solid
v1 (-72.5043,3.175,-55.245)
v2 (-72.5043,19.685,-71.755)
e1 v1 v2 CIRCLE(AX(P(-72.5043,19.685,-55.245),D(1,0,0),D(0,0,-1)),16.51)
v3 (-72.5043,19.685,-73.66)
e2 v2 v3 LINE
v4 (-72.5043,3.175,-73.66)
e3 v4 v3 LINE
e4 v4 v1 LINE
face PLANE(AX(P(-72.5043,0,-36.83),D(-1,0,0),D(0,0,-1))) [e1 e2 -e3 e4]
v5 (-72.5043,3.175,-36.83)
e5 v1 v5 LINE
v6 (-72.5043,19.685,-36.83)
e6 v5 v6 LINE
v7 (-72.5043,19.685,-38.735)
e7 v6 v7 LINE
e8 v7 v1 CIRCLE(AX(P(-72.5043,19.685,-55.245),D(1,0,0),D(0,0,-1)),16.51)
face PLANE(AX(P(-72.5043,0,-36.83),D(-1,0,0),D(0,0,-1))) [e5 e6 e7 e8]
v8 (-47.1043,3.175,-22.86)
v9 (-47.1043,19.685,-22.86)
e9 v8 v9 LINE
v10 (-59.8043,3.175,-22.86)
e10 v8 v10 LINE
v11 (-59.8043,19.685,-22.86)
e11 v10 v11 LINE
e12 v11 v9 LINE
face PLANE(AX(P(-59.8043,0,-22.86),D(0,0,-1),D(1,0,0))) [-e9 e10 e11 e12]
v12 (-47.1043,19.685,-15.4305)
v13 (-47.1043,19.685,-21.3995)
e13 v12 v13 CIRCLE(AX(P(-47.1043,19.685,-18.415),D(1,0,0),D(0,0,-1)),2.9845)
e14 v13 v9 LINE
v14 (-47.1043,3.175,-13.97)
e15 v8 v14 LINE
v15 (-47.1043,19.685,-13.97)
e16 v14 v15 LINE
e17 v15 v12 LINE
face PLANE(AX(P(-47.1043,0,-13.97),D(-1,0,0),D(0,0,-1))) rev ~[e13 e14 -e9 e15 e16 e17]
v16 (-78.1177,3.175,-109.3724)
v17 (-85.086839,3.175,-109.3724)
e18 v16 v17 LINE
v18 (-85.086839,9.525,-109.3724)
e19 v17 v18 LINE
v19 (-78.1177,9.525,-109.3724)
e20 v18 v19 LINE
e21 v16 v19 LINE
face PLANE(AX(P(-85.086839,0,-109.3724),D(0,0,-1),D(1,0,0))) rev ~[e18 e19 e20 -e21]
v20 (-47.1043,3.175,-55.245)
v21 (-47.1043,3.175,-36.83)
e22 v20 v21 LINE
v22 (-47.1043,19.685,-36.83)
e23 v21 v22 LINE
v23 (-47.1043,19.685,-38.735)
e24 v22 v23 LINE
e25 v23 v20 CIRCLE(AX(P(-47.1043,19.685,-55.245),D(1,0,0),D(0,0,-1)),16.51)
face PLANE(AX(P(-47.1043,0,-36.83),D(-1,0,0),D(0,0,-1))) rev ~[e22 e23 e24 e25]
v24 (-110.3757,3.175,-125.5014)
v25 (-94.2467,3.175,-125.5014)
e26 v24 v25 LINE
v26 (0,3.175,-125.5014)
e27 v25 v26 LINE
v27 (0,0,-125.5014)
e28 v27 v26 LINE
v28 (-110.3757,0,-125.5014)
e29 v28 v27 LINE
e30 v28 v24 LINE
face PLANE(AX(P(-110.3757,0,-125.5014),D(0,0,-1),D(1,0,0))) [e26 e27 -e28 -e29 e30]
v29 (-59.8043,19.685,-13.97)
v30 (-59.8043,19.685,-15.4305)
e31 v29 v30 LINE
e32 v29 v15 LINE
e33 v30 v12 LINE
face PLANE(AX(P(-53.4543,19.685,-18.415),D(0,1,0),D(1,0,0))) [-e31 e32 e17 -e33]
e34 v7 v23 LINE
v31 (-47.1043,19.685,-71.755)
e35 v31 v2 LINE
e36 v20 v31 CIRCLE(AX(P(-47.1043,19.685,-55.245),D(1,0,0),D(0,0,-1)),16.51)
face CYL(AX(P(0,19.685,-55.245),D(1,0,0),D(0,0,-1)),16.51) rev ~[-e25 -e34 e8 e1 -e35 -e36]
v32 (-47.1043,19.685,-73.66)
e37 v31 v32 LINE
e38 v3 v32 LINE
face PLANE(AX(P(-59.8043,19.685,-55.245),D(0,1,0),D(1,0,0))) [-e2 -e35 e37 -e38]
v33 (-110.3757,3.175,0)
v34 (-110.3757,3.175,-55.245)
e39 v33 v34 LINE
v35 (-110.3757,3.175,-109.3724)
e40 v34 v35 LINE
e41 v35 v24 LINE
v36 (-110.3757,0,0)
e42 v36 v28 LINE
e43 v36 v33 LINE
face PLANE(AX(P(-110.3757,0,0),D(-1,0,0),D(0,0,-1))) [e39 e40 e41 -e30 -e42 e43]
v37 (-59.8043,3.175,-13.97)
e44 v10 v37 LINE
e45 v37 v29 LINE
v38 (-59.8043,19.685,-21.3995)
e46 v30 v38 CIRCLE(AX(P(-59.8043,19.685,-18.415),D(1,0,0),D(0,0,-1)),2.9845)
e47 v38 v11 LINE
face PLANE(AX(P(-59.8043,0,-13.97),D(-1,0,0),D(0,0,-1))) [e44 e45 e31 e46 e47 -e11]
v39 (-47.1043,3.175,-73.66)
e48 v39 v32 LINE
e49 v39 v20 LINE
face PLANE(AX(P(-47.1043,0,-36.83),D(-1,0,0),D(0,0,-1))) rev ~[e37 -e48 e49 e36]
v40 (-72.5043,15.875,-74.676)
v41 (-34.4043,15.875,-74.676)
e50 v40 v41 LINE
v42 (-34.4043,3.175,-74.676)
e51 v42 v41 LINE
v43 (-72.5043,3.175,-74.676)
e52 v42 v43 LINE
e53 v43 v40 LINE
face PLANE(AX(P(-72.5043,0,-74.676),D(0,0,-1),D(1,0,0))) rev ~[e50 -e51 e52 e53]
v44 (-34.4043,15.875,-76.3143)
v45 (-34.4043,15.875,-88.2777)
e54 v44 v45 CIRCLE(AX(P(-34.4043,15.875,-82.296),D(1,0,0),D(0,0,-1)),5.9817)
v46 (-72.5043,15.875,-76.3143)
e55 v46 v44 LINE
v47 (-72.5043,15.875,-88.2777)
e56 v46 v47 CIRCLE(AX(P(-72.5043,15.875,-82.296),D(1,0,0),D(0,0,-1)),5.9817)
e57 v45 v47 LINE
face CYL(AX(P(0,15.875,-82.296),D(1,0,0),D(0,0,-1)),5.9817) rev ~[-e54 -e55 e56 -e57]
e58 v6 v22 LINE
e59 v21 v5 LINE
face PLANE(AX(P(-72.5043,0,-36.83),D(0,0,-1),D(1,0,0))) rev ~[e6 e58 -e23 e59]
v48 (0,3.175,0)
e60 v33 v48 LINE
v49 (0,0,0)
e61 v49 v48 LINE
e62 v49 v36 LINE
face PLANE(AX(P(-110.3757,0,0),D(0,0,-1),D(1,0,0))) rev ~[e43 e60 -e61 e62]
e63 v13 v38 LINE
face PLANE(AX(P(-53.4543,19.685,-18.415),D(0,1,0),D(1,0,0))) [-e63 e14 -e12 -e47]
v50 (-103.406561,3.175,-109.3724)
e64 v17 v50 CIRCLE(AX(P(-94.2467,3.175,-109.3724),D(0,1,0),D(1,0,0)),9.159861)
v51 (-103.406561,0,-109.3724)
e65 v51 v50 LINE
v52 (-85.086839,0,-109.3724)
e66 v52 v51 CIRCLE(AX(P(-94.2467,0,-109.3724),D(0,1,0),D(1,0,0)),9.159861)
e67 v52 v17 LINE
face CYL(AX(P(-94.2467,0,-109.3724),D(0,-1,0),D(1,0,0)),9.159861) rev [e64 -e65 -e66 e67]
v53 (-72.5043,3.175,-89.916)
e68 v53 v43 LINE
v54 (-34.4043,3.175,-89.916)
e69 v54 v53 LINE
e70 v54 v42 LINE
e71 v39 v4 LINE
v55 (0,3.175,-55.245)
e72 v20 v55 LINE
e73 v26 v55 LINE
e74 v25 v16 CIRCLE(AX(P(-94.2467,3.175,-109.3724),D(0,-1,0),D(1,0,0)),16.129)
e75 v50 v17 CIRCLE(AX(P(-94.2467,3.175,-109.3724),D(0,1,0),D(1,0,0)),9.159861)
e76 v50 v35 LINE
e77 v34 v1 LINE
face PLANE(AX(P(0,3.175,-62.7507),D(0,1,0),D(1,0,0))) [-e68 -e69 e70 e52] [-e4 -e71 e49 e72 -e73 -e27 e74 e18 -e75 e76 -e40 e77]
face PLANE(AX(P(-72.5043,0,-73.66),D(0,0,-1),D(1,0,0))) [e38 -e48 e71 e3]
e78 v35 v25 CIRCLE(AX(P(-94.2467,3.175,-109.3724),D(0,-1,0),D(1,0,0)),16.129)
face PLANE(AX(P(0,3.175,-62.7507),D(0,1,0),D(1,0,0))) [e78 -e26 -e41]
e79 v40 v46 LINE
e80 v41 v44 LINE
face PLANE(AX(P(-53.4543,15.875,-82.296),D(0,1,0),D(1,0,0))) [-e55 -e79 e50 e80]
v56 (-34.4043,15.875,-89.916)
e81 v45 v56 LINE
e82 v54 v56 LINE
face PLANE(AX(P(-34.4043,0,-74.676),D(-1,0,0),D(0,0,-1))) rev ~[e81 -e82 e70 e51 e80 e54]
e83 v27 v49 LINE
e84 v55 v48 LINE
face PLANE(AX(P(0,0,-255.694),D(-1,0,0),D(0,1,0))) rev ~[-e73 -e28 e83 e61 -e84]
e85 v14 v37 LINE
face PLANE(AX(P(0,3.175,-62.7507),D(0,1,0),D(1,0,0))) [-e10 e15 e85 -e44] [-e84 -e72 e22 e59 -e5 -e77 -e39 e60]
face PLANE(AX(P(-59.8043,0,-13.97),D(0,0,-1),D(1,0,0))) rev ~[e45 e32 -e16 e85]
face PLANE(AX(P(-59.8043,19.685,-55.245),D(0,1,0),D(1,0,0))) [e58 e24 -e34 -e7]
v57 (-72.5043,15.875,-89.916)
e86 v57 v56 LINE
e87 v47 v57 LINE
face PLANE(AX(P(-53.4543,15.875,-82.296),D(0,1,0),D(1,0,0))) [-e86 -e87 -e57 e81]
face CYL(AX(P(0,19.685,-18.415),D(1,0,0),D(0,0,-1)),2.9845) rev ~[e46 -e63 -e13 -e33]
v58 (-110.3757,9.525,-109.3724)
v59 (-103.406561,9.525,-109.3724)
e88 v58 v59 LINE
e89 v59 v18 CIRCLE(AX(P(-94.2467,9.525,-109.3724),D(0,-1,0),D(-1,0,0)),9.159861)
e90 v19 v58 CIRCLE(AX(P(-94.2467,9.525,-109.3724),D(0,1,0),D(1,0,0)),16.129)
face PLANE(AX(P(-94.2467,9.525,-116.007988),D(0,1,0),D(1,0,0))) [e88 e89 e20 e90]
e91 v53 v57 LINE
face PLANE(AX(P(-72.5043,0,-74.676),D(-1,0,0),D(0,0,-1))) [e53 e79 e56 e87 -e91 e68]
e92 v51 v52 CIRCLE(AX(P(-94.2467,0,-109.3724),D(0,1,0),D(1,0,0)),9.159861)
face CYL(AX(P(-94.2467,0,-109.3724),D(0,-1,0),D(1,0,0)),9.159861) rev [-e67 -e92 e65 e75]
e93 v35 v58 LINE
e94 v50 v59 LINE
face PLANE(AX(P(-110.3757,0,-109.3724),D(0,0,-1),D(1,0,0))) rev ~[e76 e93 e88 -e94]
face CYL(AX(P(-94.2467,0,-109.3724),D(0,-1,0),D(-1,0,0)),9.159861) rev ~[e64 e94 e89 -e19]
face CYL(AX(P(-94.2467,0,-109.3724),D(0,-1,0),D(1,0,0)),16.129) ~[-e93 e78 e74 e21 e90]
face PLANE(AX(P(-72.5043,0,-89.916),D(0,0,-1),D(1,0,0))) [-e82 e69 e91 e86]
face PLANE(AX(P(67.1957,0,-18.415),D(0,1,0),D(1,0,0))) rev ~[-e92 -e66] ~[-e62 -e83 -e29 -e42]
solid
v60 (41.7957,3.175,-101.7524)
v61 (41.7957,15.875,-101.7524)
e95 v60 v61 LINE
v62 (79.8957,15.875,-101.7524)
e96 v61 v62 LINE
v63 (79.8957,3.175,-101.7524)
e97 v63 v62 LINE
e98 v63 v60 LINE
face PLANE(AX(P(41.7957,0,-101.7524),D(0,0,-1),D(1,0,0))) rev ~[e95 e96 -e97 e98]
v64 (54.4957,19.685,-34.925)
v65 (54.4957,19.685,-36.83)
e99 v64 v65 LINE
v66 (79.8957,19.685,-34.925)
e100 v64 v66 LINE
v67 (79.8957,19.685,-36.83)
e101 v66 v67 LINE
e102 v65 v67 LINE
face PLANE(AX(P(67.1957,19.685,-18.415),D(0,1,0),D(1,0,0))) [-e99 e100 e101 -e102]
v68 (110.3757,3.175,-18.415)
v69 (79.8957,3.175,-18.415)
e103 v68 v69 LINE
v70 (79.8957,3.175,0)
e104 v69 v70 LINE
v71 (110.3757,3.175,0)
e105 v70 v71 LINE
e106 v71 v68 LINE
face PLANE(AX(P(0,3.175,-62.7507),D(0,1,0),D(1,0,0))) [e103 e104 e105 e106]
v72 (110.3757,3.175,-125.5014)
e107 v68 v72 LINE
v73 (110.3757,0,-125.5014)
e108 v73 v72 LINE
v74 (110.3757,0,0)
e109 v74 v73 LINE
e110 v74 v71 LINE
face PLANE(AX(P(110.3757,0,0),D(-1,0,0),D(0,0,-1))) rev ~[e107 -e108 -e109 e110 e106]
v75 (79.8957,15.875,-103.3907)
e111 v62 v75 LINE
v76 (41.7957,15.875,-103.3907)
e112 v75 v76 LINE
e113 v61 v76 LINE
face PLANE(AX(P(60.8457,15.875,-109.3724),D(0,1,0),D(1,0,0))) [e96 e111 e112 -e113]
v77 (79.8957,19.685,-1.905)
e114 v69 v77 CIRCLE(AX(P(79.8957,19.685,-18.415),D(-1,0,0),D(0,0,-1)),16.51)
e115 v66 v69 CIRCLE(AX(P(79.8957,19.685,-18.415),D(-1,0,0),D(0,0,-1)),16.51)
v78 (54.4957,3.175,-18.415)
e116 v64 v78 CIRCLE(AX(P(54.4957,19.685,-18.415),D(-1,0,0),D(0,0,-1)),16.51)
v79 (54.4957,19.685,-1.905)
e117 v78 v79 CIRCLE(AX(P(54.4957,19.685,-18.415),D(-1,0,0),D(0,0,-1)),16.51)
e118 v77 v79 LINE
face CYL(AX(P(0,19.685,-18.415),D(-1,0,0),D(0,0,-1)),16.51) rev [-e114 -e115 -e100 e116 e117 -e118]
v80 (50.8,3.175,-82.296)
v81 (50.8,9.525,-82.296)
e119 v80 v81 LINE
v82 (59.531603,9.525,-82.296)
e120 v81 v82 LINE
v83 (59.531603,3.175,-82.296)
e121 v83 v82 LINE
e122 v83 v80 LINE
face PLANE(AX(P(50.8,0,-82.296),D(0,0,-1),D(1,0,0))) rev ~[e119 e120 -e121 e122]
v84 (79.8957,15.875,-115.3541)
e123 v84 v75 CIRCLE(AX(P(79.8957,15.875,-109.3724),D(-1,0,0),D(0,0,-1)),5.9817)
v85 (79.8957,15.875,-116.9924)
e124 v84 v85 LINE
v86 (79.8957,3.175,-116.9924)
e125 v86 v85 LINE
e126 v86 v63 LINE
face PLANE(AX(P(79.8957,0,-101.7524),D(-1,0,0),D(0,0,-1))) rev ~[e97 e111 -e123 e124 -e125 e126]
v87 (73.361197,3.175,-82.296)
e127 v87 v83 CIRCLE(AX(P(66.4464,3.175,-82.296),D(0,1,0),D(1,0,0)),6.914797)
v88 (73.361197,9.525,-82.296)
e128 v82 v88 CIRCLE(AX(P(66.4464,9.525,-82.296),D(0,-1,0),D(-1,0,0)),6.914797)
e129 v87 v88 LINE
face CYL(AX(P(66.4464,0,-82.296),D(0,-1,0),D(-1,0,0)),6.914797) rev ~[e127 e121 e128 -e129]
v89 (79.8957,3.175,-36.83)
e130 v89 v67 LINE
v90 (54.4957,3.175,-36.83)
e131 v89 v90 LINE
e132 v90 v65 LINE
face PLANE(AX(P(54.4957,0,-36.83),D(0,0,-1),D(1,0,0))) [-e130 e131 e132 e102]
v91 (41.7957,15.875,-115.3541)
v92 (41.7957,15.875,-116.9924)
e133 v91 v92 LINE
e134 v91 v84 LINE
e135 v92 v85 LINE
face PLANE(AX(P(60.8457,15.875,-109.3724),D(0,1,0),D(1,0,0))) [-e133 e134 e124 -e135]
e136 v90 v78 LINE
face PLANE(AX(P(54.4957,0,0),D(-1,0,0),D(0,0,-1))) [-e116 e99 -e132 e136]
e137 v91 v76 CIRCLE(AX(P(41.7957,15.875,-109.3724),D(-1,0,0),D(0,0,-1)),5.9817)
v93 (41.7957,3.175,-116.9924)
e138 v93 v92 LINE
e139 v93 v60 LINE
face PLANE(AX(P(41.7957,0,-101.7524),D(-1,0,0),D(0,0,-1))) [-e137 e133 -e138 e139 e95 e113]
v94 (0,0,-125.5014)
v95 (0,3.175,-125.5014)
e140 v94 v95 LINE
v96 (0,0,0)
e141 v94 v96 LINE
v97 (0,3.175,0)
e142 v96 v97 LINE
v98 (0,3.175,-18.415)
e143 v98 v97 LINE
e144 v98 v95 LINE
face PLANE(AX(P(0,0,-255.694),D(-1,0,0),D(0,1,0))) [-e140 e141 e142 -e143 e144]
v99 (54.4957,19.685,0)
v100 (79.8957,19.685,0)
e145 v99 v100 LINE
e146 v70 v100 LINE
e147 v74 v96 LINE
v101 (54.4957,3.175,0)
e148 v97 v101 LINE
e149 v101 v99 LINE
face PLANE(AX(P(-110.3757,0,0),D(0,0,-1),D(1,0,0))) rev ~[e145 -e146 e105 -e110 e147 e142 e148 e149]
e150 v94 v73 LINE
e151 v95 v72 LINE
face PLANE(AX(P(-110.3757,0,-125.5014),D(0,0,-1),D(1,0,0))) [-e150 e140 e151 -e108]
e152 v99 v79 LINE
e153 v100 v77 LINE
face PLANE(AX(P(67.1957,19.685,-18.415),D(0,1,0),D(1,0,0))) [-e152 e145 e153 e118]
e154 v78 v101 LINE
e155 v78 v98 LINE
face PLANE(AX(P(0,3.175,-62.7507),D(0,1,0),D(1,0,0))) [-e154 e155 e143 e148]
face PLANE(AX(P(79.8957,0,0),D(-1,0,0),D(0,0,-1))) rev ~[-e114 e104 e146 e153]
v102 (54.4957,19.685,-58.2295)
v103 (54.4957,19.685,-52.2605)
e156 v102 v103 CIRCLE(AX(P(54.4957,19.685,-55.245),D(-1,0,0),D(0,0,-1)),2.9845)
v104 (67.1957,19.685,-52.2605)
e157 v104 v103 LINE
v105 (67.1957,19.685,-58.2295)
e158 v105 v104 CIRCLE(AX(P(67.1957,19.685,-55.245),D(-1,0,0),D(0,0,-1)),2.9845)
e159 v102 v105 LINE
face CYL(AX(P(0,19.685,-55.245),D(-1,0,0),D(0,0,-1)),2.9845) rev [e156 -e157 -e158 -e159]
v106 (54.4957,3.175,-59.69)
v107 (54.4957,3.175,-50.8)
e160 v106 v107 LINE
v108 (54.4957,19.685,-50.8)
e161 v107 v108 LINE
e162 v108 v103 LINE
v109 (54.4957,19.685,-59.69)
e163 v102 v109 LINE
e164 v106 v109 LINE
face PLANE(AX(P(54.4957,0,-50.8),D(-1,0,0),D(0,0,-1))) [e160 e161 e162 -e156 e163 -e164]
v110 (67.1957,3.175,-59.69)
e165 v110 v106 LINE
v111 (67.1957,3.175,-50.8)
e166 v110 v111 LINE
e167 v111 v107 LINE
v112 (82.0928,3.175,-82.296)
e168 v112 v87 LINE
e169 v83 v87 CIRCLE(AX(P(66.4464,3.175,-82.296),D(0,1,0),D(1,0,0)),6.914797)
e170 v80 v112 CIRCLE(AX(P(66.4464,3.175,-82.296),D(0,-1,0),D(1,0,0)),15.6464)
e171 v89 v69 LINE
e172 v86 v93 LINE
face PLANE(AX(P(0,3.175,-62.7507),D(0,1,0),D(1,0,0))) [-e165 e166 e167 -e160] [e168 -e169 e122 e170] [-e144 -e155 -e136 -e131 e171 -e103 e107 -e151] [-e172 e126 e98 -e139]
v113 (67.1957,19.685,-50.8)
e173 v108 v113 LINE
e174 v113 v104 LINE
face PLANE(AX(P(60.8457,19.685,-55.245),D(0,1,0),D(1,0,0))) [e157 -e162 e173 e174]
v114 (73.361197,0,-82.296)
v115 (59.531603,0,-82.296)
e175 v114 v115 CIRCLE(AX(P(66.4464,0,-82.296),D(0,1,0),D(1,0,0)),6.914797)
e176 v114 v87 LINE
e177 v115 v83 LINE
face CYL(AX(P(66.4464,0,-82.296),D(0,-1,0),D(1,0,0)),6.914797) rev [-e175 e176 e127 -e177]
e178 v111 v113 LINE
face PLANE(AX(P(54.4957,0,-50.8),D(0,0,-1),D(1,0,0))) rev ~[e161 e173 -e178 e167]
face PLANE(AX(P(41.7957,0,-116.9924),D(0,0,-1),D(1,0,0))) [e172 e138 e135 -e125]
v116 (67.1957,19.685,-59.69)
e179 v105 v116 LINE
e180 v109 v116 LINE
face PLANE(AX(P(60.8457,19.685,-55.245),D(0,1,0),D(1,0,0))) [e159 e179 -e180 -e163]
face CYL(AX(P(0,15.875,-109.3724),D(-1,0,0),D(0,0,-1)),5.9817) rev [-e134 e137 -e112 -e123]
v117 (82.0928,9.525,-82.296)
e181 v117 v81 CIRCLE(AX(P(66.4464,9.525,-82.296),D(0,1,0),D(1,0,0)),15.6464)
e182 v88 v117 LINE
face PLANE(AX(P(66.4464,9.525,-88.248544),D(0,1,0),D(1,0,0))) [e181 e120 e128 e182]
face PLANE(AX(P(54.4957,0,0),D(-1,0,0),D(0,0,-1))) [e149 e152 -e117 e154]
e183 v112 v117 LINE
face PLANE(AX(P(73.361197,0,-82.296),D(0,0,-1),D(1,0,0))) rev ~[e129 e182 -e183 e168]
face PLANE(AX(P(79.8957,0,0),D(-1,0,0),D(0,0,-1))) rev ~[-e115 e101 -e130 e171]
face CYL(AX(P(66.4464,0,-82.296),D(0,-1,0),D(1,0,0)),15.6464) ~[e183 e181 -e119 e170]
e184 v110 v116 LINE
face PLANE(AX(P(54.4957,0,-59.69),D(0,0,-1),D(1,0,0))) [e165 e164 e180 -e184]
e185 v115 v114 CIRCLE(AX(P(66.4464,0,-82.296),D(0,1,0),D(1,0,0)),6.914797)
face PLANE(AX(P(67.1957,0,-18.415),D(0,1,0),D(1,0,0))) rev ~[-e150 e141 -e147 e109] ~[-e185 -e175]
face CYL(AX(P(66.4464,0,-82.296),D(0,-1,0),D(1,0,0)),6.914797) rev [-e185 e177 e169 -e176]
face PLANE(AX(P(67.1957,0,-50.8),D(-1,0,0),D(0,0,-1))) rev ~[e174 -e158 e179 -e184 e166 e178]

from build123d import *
from build123d.topology import SkipClean

# Parameters (mm, degrees)
SKETCH1_W                   = 220.7514
SKETCH1_H                   = 125.5014
SKETCH1_R                   = 9.159861243
SKETCH1_R_2                 = 6.914797213
BASE_DEPTH                  = 3.175
SKETCH1_3_W                 = 38.1
SKETCH1_3_H                 = 15.24
RATCHET_HANDLE_DEPTH        = 15.875
RATCHET_HEAD_DEPTH          = 9.525
SKETCH1_5_W                 = 25.4
SKETCH1_5_H                 = 36.83
SKETCH1_5_W_2               = 12.7
SKETCH1_5_H_2               = 8.89
SCREWDRIVER_DEPTH           = 19.685
SKETCH2_R                   = 2.9845
SKETCH2_R_2                 = 16.51
SCREWDRIVER_LEFT_CUT_DEPTH  = 169.288133204
SKETCH2_3_R                 = 16.51
SKETCH2_3_R_2               = 2.9845
SCREWDRIVER_RIGHT_CUT_DEPTH = 169.288133204
SKETCH2_4_R                 = 5.9817
FRONT_RATCHET_CUT_DEPTH     = 169.288133204
SKETCH2_5_R                 = 5.9817
BACK_RATCHET_CUT_DEPTH      = 169.288133204
SPLIT2_SURFACE_1_BACK       = 255.694
SPLIT2_SURFACE_1_DEPTH      = 511.388
SPLIT2_SURFACE_2_BACK       = 255.694
SPLIT2_SURFACE_2_DEPTH      = 511.388


with BuildPart() as part:
    # Sketch1 → Base (new body)
    with BuildSketch(Plane(origin=(0, 0, 0), x_dir=(1, 0, 0), z_dir=(0, 1, 0))):
        with Locations((0, 62.7507)):
            Rectangle(SKETCH1_W, SKETCH1_H)
        with Locations((-94.2467, 109.3724)):
            Circle(SKETCH1_R, mode=Mode.SUBTRACT)
        with Locations((66.4464, 82.296)):
            Circle(SKETCH1_R_2, mode=Mode.SUBTRACT)
    extrude(amount=BASE_DEPTH)

    # Sketch1<3> → Ratchet Handle (add)
    with BuildSketch(Plane(origin=(0, 0, 0), x_dir=(1, 0, 0), z_dir=(0, 1, 0))):
        with Locations((-53.4543, 82.296)):
            Rectangle(SKETCH1_3_W, SKETCH1_3_H)
        with Locations((60.8457, 109.3724)):
            Rectangle(SKETCH1_3_W, SKETCH1_3_H)
    extrude(amount=RATCHET_HANDLE_DEPTH)

    # Sketch1<4> → Ratchet Head (add)
    with SkipClean():  # the faces are left unmerged after this step: merging them gives an invalid solid
        with BuildSketch(Plane(origin=(0, 0, 0), x_dir=(1, 0, 0), z_dir=(0, 1, 0))):
            with BuildLine():
                ThreePointArc((-78.1177, 109.3724), (-94.2467, 125.5014), (-110.3757, 109.3724))
                Line((-110.3757, 109.3724), (-103.406561243, 109.3724))
                ThreePointArc((-103.406561243, 109.3724), (-94.2467, 118.532261243), (-85.086838757, 109.3724))
                Line((-85.086838757, 109.3724), (-78.1177, 109.3724))
            make_face()
            with BuildLine():
                ThreePointArc((59.531602787, 82.296), (66.4464, 89.210797213), (73.361197213, 82.296))
                Line((73.361197213, 82.296), (82.0928, 82.296))
                ThreePointArc((82.0928, 82.296), (66.4464, 97.9424), (50.8, 82.296))
                Line((50.8, 82.296), (59.531602787, 82.296))
            make_face()
        extrude(amount=RATCHET_HEAD_DEPTH)

    # Sketch1<5> → Screwdriver (add)
    with SkipClean():  # the faces are left unmerged after this step: merging them gives an invalid solid
        with BuildSketch(Plane(origin=(0, 0, 0), x_dir=(1, 0, 0), z_dir=(0, 1, 0))):
            with Locations((67.1957, 18.415)):
                Rectangle(SKETCH1_5_W, SKETCH1_5_H)
            with Locations((-53.4543, 18.415)):
                Rectangle(SKETCH1_5_W_2, SKETCH1_5_H_2)
            with Locations((60.8457, 55.245)):
                Rectangle(SKETCH1_5_W_2, SKETCH1_5_H_2)
            with Locations((-59.8043, 55.245)):
                Rectangle(SKETCH1_5_W, SKETCH1_5_H)
        extrude(amount=SCREWDRIVER_DEPTH)
    add(part.part.scale(1), mode=Mode.REPLACE)  # the faces are merged on a copy

    # Sketch2 → Screwdriver Left Cut (cut, through all)
    with BuildSketch(Plane(origin=(0, 0, 0), x_dir=(0, 0, -1), z_dir=(1, 0, 0))):
        with Locations((18.415, 19.685)):
            Circle(SKETCH2_R)
        with Locations((55.245, 19.685)):
            Circle(SKETCH2_R_2)
    extrude(amount=-SCREWDRIVER_LEFT_CUT_DEPTH, mode=Mode.SUBTRACT)

    # Sketch2<3> → Screwdriver Right Cut (cut, through all)
    with BuildSketch(Plane(origin=(0, 0, 0), x_dir=(0, 0, -1), z_dir=(1, 0, 0))):
        with Locations((18.415, 19.685)):
            Circle(SKETCH2_3_R)
        with Locations((55.245, 19.685)):
            Circle(SKETCH2_3_R_2)
    extrude(amount=SCREWDRIVER_RIGHT_CUT_DEPTH, mode=Mode.SUBTRACT)

    # Sketch2<4> → Front Ratchet Cut (cut, through all)
    with BuildSketch(Plane(origin=(0, 0, 0), x_dir=(0, 0, -1), z_dir=(1, 0, 0))):
        with Locations((82.296, 15.875)):
            Circle(SKETCH2_4_R)
    extrude(amount=-FRONT_RATCHET_CUT_DEPTH, mode=Mode.SUBTRACT)

    # Sketch2<5> → Back Ratchet Cut (cut, through all)
    with BuildSketch(Plane(origin=(0, 0, 0), x_dir=(0, 0, -1), z_dir=(1, 0, 0))):
        with Locations((109.3724, 15.875)):
            Circle(SKETCH2_5_R)
    extrude(amount=BACK_RATCHET_CUT_DEPTH, mode=Mode.SUBTRACT)


with BuildPart() as body_2:
    # Split2: the piece behind the surface
    add(part.part)
    # Split2 surface: a surface, the sketch's curves swept straight by 511.388 mm
    with BuildLine(Plane.XY.offset(-SPLIT2_SURFACE_1_BACK), mode=Mode.PRIVATE) as split2_surface_1_path:
        Line((0, 0), (0, 3.175))
    split2_surface_1 = Shell.extrude(split2_surface_1_path.wire(), (0 * SPLIT2_SURFACE_1_DEPTH, 0 * SPLIT2_SURFACE_1_DEPTH, 1 * SPLIT2_SURFACE_1_DEPTH))
    split(bisect_by=split2_surface_1, keep=Keep.BOTTOM)


with BuildPart() as part_1:
    add(part.part)

    # Split2: split by a surface, the side it looks to stays
    # Split2 surface: a surface, the sketch's curves swept straight by 511.388 mm
    with BuildLine(Plane.XY.offset(-SPLIT2_SURFACE_2_BACK), mode=Mode.PRIVATE) as split2_surface_2_path:
        Line((0, 0), (0, 3.175))
    split2_surface_2 = Shell.extrude(split2_surface_2_path.wire(), (0 * SPLIT2_SURFACE_2_DEPTH, 0 * SPLIT2_SURFACE_2_DEPTH, 1 * SPLIT2_SURFACE_2_DEPTH))
    split(bisect_by=split2_surface_2, keep=Keep.TOP)


solid = Compound([body_2.part, part_1.part])
